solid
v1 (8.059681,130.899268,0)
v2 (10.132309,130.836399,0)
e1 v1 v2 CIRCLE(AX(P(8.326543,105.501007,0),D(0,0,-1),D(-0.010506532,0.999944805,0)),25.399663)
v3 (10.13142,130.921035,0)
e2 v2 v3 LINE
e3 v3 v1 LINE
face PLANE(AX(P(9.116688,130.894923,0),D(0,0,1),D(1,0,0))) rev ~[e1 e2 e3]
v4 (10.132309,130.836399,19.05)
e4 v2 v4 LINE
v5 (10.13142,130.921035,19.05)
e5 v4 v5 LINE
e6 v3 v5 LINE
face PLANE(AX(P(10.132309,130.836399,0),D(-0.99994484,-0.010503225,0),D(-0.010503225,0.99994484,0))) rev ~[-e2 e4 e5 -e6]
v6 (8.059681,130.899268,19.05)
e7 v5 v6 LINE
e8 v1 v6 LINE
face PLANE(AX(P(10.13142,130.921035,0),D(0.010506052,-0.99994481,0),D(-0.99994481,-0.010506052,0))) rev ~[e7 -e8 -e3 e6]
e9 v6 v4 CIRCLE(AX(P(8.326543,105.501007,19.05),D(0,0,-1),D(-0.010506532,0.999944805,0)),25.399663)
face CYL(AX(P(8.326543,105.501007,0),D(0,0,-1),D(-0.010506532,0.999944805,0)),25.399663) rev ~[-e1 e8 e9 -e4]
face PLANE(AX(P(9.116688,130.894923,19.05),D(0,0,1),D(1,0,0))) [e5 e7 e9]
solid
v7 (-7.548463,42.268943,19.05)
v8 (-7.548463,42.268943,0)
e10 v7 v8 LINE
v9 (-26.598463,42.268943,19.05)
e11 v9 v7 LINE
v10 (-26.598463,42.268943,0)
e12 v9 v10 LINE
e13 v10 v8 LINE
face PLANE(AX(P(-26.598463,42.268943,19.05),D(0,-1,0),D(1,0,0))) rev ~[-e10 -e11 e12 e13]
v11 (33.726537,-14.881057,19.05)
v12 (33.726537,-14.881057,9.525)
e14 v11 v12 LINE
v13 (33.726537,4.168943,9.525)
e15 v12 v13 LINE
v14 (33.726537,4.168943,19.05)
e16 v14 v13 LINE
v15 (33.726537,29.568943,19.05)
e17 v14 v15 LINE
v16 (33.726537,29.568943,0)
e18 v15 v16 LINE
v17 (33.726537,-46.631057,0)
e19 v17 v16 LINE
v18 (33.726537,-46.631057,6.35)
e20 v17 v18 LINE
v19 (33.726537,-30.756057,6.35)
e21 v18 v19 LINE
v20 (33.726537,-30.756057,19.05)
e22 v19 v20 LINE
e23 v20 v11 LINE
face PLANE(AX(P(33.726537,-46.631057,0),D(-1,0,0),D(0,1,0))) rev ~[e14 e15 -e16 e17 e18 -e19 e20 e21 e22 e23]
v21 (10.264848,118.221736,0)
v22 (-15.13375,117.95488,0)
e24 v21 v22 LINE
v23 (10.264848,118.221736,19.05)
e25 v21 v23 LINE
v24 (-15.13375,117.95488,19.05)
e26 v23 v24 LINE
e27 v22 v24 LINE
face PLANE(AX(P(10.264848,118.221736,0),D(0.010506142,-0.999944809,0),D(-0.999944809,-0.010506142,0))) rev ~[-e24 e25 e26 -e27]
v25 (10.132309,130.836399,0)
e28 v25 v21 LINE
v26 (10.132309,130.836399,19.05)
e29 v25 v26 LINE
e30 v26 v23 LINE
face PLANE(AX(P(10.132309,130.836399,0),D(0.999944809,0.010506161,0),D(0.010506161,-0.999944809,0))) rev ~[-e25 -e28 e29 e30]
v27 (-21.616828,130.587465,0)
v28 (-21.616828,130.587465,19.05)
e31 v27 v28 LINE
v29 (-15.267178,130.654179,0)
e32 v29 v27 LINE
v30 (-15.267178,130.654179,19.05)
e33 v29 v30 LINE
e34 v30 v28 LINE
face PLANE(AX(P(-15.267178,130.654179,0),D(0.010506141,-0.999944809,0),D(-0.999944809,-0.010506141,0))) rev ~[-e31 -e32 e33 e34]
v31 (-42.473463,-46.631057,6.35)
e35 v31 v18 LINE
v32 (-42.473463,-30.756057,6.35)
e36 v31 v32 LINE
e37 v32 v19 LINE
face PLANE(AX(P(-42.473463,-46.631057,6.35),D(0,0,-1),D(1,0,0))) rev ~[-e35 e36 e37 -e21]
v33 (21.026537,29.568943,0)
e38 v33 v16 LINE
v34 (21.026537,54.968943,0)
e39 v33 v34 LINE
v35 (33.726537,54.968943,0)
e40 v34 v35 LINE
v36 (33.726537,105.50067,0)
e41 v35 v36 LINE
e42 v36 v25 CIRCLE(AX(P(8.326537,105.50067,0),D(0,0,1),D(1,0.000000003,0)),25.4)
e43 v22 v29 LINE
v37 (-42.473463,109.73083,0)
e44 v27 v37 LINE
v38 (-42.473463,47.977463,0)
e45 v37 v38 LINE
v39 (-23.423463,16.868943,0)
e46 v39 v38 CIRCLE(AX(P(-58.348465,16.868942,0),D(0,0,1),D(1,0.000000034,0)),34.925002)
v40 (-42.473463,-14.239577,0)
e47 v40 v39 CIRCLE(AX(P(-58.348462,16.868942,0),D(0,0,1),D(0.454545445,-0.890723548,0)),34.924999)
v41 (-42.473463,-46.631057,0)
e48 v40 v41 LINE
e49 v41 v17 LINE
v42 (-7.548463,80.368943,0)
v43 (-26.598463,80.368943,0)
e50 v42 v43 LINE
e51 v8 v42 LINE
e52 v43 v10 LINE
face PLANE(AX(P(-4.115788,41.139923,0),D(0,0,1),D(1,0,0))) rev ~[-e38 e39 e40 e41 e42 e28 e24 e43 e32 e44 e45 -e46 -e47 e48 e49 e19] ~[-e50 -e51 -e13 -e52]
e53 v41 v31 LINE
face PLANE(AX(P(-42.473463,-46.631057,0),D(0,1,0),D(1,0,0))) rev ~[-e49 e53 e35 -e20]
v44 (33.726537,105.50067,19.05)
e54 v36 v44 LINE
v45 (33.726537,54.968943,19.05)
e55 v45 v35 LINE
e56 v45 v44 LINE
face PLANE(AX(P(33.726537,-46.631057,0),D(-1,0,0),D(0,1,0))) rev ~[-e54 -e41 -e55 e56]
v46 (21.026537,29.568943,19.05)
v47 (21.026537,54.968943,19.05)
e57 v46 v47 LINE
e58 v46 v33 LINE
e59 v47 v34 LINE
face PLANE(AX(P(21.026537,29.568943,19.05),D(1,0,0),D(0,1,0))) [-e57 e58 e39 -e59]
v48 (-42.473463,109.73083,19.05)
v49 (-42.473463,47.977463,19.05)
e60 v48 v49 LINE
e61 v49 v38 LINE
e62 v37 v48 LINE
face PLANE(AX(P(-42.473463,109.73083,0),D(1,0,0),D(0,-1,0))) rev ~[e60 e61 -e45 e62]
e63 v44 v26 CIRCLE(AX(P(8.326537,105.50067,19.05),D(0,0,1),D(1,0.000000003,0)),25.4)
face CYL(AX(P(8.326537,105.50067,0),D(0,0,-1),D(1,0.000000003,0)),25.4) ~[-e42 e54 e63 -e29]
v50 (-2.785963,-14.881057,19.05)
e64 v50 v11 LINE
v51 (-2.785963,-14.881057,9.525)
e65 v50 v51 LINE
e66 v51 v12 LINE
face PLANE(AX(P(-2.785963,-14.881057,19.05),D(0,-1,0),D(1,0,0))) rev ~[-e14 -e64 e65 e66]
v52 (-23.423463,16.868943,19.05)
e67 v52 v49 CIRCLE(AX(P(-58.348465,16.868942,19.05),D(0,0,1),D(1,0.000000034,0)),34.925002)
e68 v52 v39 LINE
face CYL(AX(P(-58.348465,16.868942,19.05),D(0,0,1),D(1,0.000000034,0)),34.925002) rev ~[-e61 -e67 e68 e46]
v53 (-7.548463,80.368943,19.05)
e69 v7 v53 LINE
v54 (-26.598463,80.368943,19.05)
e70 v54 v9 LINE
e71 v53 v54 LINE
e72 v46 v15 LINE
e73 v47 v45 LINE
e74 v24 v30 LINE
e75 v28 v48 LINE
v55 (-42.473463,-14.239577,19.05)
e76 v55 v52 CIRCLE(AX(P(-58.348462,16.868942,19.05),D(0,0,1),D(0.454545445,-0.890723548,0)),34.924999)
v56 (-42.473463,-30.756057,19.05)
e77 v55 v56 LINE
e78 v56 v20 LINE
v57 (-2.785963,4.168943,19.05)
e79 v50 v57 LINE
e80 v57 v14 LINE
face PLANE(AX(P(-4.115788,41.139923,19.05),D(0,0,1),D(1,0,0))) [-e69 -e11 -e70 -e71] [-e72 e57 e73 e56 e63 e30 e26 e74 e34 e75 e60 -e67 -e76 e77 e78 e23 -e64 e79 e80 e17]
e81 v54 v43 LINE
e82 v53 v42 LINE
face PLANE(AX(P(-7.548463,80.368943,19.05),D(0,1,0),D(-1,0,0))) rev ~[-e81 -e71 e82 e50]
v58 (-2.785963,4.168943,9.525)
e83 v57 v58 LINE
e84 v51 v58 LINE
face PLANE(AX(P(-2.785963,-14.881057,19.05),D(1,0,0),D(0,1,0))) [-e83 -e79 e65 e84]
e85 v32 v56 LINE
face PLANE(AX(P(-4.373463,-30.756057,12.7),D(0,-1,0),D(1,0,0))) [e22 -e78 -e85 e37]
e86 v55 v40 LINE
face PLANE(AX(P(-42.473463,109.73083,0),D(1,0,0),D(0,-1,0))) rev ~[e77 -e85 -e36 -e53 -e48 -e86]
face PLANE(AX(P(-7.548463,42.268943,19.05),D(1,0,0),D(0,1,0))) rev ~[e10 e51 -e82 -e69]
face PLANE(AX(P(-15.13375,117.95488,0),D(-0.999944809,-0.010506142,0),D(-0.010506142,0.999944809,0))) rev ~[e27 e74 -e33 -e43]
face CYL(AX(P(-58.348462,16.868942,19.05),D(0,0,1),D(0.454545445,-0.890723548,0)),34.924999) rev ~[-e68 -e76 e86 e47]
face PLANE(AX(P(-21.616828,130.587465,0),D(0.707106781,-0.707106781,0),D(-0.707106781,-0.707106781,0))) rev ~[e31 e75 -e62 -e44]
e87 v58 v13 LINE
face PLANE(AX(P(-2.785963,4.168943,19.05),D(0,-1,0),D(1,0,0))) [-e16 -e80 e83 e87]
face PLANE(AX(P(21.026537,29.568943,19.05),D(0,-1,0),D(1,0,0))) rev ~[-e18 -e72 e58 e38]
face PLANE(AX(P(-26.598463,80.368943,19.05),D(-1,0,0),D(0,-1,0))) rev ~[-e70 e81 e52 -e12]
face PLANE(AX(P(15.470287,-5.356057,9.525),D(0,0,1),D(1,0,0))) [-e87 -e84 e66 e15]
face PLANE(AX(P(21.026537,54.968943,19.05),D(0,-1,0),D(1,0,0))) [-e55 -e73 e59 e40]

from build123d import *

# Parameters (mm, degrees)
F1_DEPTH = 19.05
F2_W     = 76.2
F2_H     = 12.7
F3_DEPTH = 15.875
F5_DEPTH = 25.4
F6_W     = 36.5125
F6_H     = 19.05
F7_DEPTH = 9.525
F8_W     = 12.7
F8_H     = 25.4
F9_DEPTH = 25.4


with BuildPart() as f1:
    # F0 (on Top) → F1 (new body)
    with BuildSketch(Plane.XY):
        with BuildLine():
            Line((-21.616828, 130.587465), (-42.473463, 109.73083))
            Line((-42.473463, 109.73083), (-42.473463, -46.631057))
            Line((-42.473463, -46.631057), (33.726537, -46.631057))
            Line((33.726537, -46.631057), (33.726537, 105.50067))
            ThreePointArc((33.726537, 105.50067), (26.914525, 122.810976), (10.132309, 130.836399))
            Line((10.132309, 130.836399), (10.264848, 118.221736))
            Line((10.264848, 118.221736), (-15.13375, 117.95488))
            Line((-15.13375, 117.95488), (-15.267178, 130.654179))
            Line((-15.267178, 130.654179), (-21.616828, 130.587465))
        make_face()
        with BuildLine():
            ThreePointArc((8.059681, 130.899268), (9.096637, 130.888993), (10.132309, 130.836399))
            Line((10.132309, 130.836399), (10.13142, 130.921035))
            Line((10.13142, 130.921035), (8.059681, 130.899268))
        make_face()
    extrude(amount=F1_DEPTH)

    # F2 (on face) → F3 (cut)
    with BuildSketch(Plane.XZ.offset(46.631057)):
        with Locations((-4.373463, 12.7)):
            Rectangle(F2_W, F2_H)
    extrude(amount=-F3_DEPTH, mode=Mode.SUBTRACT)

    # F4 (on face) → F5 (cut)
    with BuildSketch(Plane.XY.offset(19.05)):
        with BuildLine():
            Line((-42.473463, 16.868943), (-42.473463, -14.239577))
            ThreePointArc((-42.473463, -14.239577), (-28.564323, -1.370044), (-23.423463, 16.868943))
            Line((-23.423463, 16.868943), (-42.473463, 16.868943))
        make_face()
        with BuildLine():
            Line((-42.473463, 47.977463), (-42.473463, 16.868943))
            Line((-42.473463, 16.868943), (-23.423463, 16.868943))
            ThreePointArc((-23.423463, 16.868943), (-28.564323, 35.107929), (-42.473463, 47.977463))
        make_face()
    extrude(amount=-F5_DEPTH, mode=Mode.SUBTRACT)

    # F6 (on face) → F7 (cut)
    with BuildSketch(Plane.XY.offset(19.05)):
        with Locations((15.470287, -5.356057)):
            Rectangle(F6_W, F6_H)
    extrude(amount=-F7_DEPTH, mode=Mode.SUBTRACT)

    # F8 (on face) → F9 (cut)
    with BuildSketch(Plane.XY.offset(19.05)):
        Polygon((-26.598463, 50.911564), (-26.598463, 42.268943), (-7.548463, 42.268943), (-7.548463, 80.368943), (-26.598463, 80.368943), align=None)
        with Locations((27.376537, 42.268943)):
            Rectangle(F8_W, F8_H)
    extrude(amount=-F9_DEPTH, mode=Mode.SUBTRACT)


solid = f1.part
